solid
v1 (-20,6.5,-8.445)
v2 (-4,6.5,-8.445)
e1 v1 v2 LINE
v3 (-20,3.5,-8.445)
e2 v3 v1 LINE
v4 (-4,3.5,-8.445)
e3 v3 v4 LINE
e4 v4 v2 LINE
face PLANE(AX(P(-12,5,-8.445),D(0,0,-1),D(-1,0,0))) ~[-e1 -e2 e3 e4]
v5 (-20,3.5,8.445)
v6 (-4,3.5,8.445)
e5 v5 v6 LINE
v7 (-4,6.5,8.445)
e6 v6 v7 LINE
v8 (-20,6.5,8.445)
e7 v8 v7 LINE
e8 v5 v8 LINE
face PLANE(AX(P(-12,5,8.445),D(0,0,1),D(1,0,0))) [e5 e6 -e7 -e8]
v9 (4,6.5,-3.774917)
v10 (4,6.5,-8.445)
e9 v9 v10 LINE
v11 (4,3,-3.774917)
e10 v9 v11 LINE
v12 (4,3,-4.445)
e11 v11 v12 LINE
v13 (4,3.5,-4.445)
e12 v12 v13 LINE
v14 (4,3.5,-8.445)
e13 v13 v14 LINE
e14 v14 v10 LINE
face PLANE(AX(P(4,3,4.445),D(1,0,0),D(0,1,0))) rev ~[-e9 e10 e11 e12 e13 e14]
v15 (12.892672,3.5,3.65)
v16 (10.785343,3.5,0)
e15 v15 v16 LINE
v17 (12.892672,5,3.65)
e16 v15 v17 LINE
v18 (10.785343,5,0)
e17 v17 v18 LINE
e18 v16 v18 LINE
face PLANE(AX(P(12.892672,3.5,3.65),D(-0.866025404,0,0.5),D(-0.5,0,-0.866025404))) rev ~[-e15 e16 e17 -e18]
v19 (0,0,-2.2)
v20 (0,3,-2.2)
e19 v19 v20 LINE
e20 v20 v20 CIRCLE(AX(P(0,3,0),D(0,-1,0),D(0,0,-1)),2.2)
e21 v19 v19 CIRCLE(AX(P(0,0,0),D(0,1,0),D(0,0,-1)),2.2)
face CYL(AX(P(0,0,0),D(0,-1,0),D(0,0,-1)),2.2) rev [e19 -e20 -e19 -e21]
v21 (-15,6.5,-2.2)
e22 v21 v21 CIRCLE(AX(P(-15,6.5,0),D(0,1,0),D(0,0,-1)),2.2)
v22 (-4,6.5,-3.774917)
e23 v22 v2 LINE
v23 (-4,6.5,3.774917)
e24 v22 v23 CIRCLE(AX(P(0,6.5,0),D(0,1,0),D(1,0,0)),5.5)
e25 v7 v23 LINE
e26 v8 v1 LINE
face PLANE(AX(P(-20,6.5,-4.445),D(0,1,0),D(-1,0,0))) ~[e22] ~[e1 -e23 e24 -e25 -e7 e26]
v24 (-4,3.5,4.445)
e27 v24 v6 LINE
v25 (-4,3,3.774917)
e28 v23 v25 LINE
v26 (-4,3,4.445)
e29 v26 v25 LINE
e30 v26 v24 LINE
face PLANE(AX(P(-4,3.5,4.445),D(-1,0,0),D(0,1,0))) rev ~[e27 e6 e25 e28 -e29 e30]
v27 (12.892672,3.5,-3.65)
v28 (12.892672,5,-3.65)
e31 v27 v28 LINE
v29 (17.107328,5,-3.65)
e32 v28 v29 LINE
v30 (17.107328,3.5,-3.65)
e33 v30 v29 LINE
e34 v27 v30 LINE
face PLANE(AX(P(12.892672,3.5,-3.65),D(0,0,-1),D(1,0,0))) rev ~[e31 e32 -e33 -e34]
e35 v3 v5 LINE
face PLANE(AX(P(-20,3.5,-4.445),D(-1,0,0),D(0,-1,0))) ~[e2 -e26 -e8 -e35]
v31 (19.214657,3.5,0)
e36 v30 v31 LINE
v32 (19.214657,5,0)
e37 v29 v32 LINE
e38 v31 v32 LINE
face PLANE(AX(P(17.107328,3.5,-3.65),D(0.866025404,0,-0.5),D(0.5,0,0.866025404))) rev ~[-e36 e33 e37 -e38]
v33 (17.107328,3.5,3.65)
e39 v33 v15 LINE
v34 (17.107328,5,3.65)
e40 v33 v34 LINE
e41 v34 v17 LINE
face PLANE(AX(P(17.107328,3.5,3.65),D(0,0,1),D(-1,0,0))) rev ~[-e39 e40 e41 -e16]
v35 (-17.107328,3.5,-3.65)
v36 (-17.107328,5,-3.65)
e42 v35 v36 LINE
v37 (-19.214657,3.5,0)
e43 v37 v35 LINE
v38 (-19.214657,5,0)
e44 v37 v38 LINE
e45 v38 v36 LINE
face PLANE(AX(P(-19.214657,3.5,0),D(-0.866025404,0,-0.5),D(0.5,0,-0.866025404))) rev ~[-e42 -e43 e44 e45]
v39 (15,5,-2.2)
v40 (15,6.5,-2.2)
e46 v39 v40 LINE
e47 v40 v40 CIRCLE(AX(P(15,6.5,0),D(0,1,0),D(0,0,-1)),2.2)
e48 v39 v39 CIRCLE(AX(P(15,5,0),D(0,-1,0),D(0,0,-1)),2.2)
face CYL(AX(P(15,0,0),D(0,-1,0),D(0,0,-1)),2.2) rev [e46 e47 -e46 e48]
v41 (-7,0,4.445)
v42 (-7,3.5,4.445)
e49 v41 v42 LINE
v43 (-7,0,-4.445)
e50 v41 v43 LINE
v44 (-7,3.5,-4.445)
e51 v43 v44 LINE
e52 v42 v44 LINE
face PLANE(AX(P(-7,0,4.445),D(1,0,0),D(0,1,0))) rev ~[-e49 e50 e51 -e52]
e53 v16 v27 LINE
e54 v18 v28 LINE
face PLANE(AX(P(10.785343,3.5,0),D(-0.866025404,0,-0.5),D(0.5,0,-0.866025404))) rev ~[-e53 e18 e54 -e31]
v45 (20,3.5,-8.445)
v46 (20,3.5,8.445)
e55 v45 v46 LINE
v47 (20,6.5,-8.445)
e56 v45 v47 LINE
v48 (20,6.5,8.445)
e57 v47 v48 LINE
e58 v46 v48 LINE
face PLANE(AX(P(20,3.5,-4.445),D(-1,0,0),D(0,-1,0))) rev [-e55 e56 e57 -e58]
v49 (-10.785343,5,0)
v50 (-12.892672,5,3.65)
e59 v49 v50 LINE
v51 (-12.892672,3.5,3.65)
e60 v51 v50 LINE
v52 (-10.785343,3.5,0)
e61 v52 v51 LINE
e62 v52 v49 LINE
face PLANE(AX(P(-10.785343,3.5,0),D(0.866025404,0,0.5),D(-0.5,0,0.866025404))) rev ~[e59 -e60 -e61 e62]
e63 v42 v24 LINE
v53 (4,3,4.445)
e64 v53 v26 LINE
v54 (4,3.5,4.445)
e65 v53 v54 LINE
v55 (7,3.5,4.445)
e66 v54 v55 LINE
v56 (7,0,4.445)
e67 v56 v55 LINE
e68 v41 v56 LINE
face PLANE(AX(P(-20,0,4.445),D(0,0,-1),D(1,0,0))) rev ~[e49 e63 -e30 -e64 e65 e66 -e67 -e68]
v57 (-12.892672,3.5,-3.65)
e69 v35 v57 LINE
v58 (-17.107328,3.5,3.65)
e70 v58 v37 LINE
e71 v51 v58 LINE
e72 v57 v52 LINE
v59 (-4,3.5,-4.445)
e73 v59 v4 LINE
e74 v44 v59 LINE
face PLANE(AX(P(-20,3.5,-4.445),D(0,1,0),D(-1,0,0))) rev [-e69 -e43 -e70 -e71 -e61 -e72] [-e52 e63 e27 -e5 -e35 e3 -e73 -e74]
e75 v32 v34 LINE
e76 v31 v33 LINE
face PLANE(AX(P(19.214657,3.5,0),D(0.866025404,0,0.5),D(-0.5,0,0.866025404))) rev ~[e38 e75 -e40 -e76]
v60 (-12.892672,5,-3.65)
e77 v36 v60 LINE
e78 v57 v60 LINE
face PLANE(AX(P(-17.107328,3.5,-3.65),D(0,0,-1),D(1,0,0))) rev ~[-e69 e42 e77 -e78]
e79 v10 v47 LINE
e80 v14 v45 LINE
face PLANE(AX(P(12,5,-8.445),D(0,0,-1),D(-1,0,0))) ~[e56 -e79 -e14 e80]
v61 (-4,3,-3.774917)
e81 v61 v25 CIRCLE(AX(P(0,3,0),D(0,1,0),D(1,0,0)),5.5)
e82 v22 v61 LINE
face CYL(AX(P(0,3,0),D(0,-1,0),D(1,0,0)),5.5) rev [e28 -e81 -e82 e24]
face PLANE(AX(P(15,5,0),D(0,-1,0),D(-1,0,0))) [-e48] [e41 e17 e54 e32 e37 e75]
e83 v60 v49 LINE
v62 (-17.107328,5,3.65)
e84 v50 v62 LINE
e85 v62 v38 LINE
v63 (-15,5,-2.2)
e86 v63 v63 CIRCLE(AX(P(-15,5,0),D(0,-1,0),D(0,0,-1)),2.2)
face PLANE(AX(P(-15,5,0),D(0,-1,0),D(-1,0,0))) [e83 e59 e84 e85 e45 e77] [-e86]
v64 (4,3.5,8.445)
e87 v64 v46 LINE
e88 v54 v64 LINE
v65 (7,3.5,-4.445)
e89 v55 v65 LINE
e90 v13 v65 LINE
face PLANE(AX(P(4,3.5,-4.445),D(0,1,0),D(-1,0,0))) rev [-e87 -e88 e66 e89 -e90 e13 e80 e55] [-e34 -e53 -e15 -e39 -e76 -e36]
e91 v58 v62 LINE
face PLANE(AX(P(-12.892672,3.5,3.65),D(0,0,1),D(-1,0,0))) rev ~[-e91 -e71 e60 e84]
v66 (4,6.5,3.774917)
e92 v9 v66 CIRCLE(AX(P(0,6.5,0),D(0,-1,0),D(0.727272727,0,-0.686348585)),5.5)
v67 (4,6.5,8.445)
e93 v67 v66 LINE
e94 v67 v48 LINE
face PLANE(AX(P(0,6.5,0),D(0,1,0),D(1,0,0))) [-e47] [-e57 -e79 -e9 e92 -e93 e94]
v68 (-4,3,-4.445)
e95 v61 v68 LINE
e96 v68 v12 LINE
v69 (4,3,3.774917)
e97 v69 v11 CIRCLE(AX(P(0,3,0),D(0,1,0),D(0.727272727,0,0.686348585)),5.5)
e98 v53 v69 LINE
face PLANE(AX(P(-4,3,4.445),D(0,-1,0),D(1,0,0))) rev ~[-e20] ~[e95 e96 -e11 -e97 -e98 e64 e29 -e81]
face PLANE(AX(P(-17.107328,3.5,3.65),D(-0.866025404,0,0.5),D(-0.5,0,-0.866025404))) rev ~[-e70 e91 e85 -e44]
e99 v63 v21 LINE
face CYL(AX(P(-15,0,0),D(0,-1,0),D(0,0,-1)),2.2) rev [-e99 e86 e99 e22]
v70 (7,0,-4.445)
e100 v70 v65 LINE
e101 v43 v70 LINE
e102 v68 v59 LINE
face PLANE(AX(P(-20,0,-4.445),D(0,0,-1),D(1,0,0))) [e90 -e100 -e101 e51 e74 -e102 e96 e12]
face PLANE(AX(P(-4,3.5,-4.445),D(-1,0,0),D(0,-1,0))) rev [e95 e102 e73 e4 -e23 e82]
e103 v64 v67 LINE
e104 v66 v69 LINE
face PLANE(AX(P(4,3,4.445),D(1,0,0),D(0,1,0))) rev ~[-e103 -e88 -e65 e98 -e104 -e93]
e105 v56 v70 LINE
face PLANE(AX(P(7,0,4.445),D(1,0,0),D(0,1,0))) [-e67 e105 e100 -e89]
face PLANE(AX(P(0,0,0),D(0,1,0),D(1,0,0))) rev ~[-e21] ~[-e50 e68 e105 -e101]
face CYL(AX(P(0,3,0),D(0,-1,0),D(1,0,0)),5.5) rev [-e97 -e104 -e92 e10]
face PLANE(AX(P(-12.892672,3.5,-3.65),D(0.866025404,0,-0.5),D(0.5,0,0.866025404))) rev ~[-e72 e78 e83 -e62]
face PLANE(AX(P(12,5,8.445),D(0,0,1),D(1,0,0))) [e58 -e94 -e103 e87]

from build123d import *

# Parameters (mm, degrees)
SKETCH1_W           = 40
SKETCH1_H           = 8.89
SKETCH1_R           = 2.2
BOSS_EXTRUDE1_DEPTH = 6.5
CUT_EXTRUDE1_REACH  = 24.832
SKETCH2_W           = 8
SKETCH2_H           = 3.5
SKETCH2_W_2         = 13
SKETCH3_R           = 5.5
CUT_EXTRUDE2_DEPTH  = 3.5
CUT_EXTRUDE3_DEPTH  = 1.5
SKETCH6_W           = 16
SKETCH6_H           = 3
BOSS_EXTRUDE2_DEPTH = 4


with BuildPart() as part:
    # Sketch1 → Boss-Extrude1 (new body)
    with BuildSketch(Plane(origin=(0, 0, 0), x_dir=(1, 0, 0), z_dir=(0, 1, 0))):
        Rectangle(SKETCH1_W, SKETCH1_H)
        with Locations(Location((0, 0, 0), (0, 0, 90))):
            Circle(SKETCH1_R, mode=Mode.SUBTRACT)
        with Locations(Location((-15, 0, 0), (0, 0, 90))):
            Circle(SKETCH1_R, mode=Mode.SUBTRACT)
        with Locations(Location((15, 0, 0), (0, 0, 90))):
            Circle(SKETCH1_R, mode=Mode.SUBTRACT)
    extrude(amount=BOSS_EXTRUDE1_DEPTH)

    # Cut-Extrude1: up to this face of the body (flat: up to its plane)
    cut_extrude1_end = Plane(part.part.faces().sort_by_distance((0, 3.25, -4.445))[0])
    # Sketch2 → Cut-Extrude1 (cut, up to the picked face)
    with BuildSketch(Plane.XY.offset(4.445), mode=Mode.PRIVATE) as cut_extrude1_sk1:
        with Locations((0, 4.75)):
            Rectangle(SKETCH2_W, SKETCH2_H)
    cut_extrude1_tool1 = split(extrude(cut_extrude1_sk1.sketch, amount=-CUT_EXTRUDE1_REACH, mode=Mode.PRIVATE), bisect_by=cut_extrude1_end, keep=Keep.BOTH, mode=Mode.PRIVATE)
    # Sketch2 → Cut-Extrude1 (cut, up to the picked face)
    with BuildSketch(Plane.XY.offset(4.445), mode=Mode.PRIVATE) as cut_extrude1_sk2:
        with Locations((-13.5, 1.75)):
            Rectangle(SKETCH2_W_2, SKETCH2_H)
    cut_extrude1_tool2 = split(extrude(cut_extrude1_sk2.sketch, amount=-CUT_EXTRUDE1_REACH, mode=Mode.PRIVATE), bisect_by=cut_extrude1_end, keep=Keep.BOTH, mode=Mode.PRIVATE)
    # Sketch2 → Cut-Extrude1 (cut, up to the picked face)
    with BuildSketch(Plane.XY.offset(4.445), mode=Mode.PRIVATE) as cut_extrude1_sk3:
        with Locations((13.5, 1.75)):
            Rectangle(SKETCH2_W_2, SKETCH2_H)
    cut_extrude1_tool3 = split(extrude(cut_extrude1_sk3.sketch, amount=-CUT_EXTRUDE1_REACH, mode=Mode.PRIVATE), bisect_by=cut_extrude1_end, keep=Keep.BOTH, mode=Mode.PRIVATE)
    add(cut_extrude1_tool1.solids().sort_by(Axis((0, 4.75, 4.445), (0, 0, -1)))[0], mode=Mode.SUBTRACT)
    add(cut_extrude1_tool2.solids().sort_by(Axis((-13.5, 1.75, 4.445), (0, 0, -1)))[0], mode=Mode.SUBTRACT)
    add(cut_extrude1_tool3.solids().sort_by(Axis((13.5, 1.75, 4.445), (0, 0, -1)))[0], mode=Mode.SUBTRACT)

    # Sketch3 → Cut-Extrude2 (cut)
    with BuildSketch(Plane(origin=(0, 3, 0), x_dir=(1, 0, 0), z_dir=(0, 1, 0))):
        Circle(SKETCH3_R)
    extrude(amount=CUT_EXTRUDE2_DEPTH, mode=Mode.SUBTRACT)

    # Sketch4 → Cut-Extrude3 (cut)
    with BuildSketch(Plane(origin=(0, 3.5, 0), x_dir=(-1, 0, 0), z_dir=(0, -1, 0))):
        Polygon((12.892671517, 3.65), (10.785343035, 0), (12.892671517, -3.65), (17.107328483, -3.65), (19.214656965, 0), (17.107328483, 3.65), align=None)
        Polygon((-17.107328483, 3.65), (-19.214656965, 0), (-17.107328483, -3.65), (-12.892671517, -3.65), (-10.785343035, 0), (-12.892671517, 3.65), align=None)
    extrude(amount=-CUT_EXTRUDE3_DEPTH, mode=Mode.SUBTRACT)

    # Sketch6 → Boss-Extrude2 (add)
    with BuildSketch(Plane.XY.offset(4.445)):
        with Locations((-12, 5)):
            Rectangle(SKETCH6_W, SKETCH6_H)
        with Locations((12, 5)):
            Rectangle(SKETCH6_W, SKETCH6_H)
    boss_extrude2 = extrude(amount=BOSS_EXTRUDE2_DEPTH)

    # Mirror1: Boss-Extrude2 across plane
    add(boss_extrude2.mirror(Plane.XY))


solid = part.part
